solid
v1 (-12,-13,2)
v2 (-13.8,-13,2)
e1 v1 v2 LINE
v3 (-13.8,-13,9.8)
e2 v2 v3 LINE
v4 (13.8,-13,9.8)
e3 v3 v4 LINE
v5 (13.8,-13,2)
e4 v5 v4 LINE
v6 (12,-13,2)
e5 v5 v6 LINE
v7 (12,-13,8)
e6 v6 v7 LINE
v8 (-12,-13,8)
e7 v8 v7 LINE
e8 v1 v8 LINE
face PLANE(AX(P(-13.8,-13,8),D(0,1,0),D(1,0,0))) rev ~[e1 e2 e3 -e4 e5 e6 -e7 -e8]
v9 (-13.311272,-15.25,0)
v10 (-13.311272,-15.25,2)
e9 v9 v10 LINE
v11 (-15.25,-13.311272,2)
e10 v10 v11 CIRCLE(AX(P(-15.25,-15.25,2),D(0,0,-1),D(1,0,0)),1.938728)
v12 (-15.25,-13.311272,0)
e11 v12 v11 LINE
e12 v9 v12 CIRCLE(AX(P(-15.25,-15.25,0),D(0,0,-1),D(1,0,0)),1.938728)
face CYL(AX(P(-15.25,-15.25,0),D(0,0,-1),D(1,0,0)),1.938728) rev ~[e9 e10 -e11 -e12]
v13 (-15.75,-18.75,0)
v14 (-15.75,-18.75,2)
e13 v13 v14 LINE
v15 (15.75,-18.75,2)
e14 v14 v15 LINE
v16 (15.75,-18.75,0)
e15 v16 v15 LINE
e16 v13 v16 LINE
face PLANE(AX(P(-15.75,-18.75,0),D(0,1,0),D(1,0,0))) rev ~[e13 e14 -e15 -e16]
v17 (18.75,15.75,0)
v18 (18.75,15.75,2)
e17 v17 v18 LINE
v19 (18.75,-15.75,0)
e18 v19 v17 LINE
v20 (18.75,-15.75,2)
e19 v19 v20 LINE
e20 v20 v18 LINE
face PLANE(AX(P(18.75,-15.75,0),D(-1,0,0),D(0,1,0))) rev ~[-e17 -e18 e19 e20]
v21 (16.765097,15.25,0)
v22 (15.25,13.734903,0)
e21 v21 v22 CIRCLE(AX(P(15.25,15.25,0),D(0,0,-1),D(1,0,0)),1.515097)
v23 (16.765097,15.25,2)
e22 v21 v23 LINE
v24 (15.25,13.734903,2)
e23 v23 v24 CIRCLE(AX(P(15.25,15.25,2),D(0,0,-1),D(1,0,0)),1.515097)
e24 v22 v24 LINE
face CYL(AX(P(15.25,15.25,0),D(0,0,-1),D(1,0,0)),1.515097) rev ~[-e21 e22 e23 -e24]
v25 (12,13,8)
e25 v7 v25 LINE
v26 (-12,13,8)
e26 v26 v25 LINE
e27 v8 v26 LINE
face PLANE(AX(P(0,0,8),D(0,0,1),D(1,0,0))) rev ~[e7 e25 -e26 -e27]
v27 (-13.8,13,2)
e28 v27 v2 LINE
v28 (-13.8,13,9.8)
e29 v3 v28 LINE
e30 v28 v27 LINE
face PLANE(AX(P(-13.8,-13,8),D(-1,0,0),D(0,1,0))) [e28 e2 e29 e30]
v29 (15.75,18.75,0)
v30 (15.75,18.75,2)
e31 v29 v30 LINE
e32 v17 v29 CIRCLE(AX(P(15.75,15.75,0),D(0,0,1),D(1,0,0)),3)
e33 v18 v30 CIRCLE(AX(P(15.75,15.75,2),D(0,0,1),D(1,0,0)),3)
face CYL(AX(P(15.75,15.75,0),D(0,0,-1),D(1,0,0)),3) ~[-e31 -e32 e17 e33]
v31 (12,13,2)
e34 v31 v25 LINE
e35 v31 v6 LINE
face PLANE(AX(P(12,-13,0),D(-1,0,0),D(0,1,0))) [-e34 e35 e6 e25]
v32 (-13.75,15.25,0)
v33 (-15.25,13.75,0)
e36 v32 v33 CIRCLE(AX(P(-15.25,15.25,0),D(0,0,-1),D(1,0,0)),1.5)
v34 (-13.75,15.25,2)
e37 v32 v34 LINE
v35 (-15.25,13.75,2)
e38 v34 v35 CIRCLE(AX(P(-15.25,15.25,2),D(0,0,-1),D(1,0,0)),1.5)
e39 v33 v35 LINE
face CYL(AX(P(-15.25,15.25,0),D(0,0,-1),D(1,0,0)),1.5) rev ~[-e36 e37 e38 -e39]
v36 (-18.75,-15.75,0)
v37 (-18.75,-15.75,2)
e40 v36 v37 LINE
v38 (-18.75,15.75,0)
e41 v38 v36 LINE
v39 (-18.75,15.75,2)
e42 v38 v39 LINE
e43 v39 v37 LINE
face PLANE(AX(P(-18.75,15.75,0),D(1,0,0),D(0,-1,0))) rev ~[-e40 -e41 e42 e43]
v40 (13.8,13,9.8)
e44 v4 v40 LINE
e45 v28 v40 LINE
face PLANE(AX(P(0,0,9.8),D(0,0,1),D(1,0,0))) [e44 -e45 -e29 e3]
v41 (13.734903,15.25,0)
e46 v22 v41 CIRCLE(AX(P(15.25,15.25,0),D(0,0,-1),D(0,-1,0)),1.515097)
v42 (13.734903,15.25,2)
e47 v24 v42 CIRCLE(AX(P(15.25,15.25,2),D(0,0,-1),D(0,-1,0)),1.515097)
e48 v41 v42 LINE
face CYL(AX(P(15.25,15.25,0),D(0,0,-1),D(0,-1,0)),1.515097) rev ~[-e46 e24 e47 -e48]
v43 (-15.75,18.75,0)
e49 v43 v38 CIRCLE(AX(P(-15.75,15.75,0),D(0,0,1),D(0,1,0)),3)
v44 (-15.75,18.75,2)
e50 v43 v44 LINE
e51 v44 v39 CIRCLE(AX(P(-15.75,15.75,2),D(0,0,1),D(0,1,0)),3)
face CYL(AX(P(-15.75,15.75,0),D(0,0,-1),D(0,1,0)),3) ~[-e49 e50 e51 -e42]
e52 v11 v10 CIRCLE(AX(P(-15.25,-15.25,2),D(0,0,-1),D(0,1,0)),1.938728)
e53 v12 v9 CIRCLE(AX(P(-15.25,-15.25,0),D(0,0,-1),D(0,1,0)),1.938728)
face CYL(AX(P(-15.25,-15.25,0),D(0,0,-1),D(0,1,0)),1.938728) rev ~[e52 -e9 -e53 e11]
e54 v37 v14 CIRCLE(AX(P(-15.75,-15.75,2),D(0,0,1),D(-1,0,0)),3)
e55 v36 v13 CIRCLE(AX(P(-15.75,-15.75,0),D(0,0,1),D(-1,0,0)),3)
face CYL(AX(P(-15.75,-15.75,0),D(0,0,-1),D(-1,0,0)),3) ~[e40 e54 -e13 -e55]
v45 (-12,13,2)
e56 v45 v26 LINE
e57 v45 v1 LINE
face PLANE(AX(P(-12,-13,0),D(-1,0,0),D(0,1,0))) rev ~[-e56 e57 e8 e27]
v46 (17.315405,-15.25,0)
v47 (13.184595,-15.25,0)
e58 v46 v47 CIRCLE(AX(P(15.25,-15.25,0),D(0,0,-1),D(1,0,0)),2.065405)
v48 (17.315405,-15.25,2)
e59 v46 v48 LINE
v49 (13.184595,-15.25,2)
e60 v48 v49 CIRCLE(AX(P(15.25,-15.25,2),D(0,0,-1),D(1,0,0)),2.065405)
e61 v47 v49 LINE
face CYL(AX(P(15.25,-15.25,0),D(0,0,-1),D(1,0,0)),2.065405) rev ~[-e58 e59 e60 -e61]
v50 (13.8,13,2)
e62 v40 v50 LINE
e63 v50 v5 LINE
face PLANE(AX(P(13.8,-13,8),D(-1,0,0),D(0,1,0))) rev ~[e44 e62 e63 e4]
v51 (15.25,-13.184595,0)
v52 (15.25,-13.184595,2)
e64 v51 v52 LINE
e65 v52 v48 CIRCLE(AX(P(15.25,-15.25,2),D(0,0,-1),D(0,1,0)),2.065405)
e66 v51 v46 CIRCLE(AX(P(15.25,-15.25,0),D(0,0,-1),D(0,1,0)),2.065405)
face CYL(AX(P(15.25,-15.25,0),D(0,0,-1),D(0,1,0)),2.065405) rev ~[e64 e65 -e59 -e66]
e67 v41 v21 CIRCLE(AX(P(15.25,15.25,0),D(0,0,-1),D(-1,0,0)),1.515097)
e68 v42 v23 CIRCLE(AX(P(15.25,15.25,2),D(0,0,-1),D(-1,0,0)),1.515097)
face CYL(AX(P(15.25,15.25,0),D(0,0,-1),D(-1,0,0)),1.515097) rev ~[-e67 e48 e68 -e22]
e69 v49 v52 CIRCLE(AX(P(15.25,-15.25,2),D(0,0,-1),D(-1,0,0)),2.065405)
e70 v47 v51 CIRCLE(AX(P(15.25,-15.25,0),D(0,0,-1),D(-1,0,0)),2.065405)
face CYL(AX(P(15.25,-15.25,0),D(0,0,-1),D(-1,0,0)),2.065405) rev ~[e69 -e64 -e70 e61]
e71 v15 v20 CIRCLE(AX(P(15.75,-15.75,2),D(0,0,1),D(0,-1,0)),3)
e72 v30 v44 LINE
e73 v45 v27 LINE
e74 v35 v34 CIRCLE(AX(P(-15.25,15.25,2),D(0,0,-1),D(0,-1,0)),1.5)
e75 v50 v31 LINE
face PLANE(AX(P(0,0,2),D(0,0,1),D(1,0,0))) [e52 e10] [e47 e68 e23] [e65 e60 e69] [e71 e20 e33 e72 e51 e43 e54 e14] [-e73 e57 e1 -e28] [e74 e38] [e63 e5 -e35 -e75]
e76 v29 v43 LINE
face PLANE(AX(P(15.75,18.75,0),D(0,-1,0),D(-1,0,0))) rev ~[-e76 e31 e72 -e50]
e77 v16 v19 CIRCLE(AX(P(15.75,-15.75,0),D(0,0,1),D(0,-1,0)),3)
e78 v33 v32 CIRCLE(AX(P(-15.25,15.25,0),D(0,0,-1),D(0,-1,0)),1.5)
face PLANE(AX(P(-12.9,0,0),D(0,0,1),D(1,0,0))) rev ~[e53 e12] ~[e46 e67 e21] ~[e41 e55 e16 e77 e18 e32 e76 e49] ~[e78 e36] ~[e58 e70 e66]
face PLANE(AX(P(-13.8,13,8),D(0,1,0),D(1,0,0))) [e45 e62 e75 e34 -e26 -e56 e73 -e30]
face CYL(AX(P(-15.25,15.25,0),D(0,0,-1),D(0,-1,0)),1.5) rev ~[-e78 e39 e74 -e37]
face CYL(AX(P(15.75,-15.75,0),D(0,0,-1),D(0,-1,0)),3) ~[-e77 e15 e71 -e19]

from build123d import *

# Parameters (mm, degrees)
F1_DEPTH = 2
F2_W     = 1.8
F2_H     = 26
F3_DEPTH = 8
F4_W     = 27.6
F4_H     = 26
F5_DEPTH = 1.8


with BuildPart() as f1:
    # F0 (on Top) → F1 (new body)
    with BuildSketch(Plane.XY):
        with BuildLine():
            Line((15.75, 18.75), (-15.75, 18.75))
            ThreePointArc((-15.75, 18.75), (-17.8713203436, 17.8713203436), (-18.75, 15.75))
            Line((-18.75, 15.75), (-18.75, -15.75))
            ThreePointArc((-18.75, -15.75), (-17.8713203436, -17.8713203436), (-15.75, -18.75))
            Line((-15.75, -18.75), (15.75, -18.75))
            ThreePointArc((15.75, -18.75), (17.8713203436, -17.8713203436), (18.75, -15.75))
            Line((18.75, -15.75), (18.75, 15.75))
            ThreePointArc((18.75, 15.75), (17.8713203436, 17.8713203436), (15.75, 18.75))
        make_face()
        with BuildLine():
            ThreePointArc((-15.25, 13.75), (-16.3106601718, 16.3106601718), (-13.75, 15.25))
            Line((-13.75, 15.25), (13.734903335, 15.25))
            ThreePointArc((13.734903335, 15.25), (15.25, 16.765096665), (16.765096665, 15.25))
            ThreePointArc((16.765096665, 15.25), (16.321335126, 14.178664874), (15.25, 13.734903335))
            Line((15.25, 13.734903335), (15.25, -13.1845953413))
            ThreePointArc((15.25, -13.1845953413), (16.7104616401, -13.7895383599), (17.3154046587, -15.25))
            ThreePointArc((17.3154046587, -15.25), (15.25, -17.3154046587), (13.1845953413, -15.25))
            Line((13.1845953413, -15.25), (-13.3112718243, -15.25))
            ThreePointArc((-13.3112718243, -15.25), (-16.6208878399, -16.6208878399), (-15.25, -13.3112718243))
            Line((-15.25, -13.3112718243), (-15.25, 13.75))
        make_face(mode=Mode.SUBTRACT)
        with BuildLine():
            Line((13.734903335, 15.25), (-13.75, 15.25))
            ThreePointArc((-13.75, 15.25), (-14.1893398282, 14.1893398282), (-15.25, 13.75))
            Line((-15.25, 13.75), (-15.25, -13.3112718243))
            ThreePointArc((-15.25, -13.3112718243), (-13.8791121601, -13.8791121601), (-13.3112718243, -15.25))
            Line((-13.3112718243, -15.25), (13.1845953413, -15.25))
            ThreePointArc((13.1845953413, -15.25), (13.7895383599, -13.7895383599), (15.25, -13.1845953413))
            Line((15.25, -13.1845953413), (15.25, 13.734903335))
            ThreePointArc((15.25, 13.734903335), (14.178664874, 14.178664874), (13.734903335, 15.25))
        make_face()
    extrude(amount=F1_DEPTH)

    # F2 (on Top) → F3 (join)
    with BuildSketch(Plane.XY):
        with Locations((-12.9, 0)):
            Rectangle(F2_W, F2_H)
        with Locations((12.9, 0)):
            Rectangle(F2_W, F2_H)
    extrude(amount=F3_DEPTH)

    # F4 (on face) → F5 (join)
    with BuildSketch(Plane.XY.offset(8)):
        Rectangle(F4_W, F4_H)
    extrude(amount=F5_DEPTH)


solid = f1.part
